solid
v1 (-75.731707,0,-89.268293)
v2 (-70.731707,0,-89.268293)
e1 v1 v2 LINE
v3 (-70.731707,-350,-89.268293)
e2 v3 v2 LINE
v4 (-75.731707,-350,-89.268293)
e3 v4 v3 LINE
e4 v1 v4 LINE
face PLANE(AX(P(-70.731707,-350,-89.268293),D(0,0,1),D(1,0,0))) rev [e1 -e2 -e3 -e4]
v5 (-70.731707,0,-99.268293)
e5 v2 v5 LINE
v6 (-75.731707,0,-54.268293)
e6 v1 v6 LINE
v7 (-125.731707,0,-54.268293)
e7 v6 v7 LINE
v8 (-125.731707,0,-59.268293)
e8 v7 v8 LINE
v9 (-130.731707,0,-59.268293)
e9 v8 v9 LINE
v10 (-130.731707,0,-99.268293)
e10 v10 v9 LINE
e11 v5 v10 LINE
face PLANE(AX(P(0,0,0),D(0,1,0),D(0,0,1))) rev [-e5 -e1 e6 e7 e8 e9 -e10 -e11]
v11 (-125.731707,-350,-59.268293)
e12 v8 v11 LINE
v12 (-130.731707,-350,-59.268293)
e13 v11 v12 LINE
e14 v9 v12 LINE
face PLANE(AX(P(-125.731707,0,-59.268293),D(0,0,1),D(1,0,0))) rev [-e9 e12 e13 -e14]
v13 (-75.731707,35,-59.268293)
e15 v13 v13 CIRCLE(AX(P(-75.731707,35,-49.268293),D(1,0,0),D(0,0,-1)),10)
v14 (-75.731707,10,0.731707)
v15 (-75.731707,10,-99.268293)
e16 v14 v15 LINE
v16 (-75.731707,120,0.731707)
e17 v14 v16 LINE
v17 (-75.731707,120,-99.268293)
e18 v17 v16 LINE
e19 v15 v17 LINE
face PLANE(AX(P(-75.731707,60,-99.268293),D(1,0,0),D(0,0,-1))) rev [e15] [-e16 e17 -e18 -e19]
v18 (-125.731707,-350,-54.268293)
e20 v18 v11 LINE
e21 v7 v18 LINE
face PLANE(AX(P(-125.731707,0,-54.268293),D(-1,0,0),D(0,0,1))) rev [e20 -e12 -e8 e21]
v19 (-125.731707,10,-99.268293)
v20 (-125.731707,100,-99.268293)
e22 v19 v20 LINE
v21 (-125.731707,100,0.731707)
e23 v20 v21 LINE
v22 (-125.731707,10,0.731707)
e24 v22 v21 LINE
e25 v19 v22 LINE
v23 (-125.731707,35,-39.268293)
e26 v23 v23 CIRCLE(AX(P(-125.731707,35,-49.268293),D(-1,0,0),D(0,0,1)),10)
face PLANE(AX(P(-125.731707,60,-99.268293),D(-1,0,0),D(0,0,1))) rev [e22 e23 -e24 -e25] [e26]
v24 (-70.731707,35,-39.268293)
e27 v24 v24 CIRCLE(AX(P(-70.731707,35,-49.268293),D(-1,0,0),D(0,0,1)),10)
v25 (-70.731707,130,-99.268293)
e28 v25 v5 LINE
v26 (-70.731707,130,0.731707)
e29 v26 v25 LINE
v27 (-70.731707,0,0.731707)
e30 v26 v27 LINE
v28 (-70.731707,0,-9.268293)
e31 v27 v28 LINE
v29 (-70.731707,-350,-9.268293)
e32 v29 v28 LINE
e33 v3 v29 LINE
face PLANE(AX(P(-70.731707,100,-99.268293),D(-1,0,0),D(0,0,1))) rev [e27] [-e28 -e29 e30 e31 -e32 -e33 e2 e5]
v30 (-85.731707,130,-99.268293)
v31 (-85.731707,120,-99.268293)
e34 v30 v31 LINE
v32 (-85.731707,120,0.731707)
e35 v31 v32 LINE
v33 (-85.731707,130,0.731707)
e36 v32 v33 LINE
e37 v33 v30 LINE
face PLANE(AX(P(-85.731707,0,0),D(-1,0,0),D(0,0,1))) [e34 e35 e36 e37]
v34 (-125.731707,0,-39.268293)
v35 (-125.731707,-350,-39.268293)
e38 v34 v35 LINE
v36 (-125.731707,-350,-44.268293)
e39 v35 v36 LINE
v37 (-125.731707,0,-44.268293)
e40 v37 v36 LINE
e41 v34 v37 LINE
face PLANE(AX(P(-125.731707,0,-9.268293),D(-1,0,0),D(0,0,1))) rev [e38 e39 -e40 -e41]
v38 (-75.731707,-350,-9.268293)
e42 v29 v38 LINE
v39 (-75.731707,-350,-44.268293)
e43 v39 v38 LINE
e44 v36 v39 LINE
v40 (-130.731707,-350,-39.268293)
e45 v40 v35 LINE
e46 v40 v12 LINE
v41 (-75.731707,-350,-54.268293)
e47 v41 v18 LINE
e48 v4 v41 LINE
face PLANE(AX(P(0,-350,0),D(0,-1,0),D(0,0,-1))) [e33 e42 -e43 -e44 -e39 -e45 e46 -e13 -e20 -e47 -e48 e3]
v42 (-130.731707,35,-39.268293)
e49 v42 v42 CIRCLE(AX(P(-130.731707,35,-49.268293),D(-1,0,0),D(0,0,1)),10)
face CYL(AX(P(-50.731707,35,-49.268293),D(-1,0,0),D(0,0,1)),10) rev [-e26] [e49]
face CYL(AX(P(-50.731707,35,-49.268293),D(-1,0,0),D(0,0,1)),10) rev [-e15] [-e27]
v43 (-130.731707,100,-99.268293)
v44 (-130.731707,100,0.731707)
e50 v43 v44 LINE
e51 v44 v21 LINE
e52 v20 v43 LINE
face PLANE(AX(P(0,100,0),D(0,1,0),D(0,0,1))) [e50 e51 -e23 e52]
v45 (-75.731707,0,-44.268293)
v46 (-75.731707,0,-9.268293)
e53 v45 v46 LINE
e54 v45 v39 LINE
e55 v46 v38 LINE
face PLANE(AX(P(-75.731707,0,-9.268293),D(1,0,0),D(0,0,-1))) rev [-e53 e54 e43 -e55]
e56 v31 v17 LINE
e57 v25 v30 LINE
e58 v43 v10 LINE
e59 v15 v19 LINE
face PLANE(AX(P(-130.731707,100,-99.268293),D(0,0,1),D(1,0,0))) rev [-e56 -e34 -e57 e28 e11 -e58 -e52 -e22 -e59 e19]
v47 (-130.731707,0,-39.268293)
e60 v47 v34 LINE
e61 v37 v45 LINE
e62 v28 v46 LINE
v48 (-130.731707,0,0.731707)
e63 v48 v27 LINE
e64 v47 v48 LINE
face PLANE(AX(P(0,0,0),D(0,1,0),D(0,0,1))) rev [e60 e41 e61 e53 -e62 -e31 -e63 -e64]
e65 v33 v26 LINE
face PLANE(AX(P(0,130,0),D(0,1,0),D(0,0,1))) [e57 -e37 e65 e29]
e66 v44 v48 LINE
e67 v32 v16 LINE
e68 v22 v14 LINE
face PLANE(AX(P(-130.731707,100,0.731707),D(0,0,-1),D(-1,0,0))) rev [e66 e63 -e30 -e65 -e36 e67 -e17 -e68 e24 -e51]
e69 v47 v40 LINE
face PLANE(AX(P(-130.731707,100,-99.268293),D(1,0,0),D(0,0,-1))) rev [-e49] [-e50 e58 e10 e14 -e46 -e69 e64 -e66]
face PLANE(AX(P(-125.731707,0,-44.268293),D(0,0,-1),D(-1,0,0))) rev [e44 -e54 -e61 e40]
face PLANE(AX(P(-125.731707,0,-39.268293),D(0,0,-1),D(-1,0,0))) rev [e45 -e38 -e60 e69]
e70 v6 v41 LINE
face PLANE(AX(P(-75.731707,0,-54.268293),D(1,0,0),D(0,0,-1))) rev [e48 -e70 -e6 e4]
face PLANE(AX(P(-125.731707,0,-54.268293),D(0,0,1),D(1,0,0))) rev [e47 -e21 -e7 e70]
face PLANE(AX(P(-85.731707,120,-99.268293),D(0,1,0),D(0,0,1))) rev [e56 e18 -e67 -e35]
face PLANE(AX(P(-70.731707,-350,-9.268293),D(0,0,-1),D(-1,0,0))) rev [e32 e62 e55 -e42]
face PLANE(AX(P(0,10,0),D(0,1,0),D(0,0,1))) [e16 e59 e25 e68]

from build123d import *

# Parameters (mm, degrees)
SKETCH1_W           = 60
SKETCH1_H           = 100
BOSS_EXTRUDE1_DEPTH = 100
SKETCH2_W           = 50
SKETCH2_H           = 100
CUT_EXTRUDE1_DEPTH  = 40
SKETCH3_W           = 5
SKETCH3_H           = 100
BOSS_EXTRUDE2_DEPTH = 30
SKETCH4_W           = 100
SKETCH4_H           = 10
BOSS_EXTRUDE3_DEPTH = 10
SKETCH5_W           = 60
SKETCH5_H           = 80
BOSS_EXTRUDE4_DEPTH = 350
SKETCH6_W           = 50
SKETCH6_H           = 100
CUT_EXTRUDE2_DEPTH  = 50
SKETCH7_R           = 10
CUT_EXTRUDE3_DEPTH  = 80
SKETCH8_W           = 50
SKETCH8_H           = 35
CUT_EXTRUDE4_DEPTH  = 350
SKETCH9_W           = 5
SKETCH9_H           = 30
CUT_EXTRUDE5_DEPTH  = 350


with BuildPart() as part:
    # Sketch1 → Boss-Extrude1 (new body)
    with BuildSketch(Plane(origin=(0, 0, 0), x_dir=(1, 0, 0), z_dir=(0, 1, 0))):
        with Locations((-100.731707317, 49.268292683)):
            Rectangle(SKETCH1_W, SKETCH1_H)
    extrude(amount=BOSS_EXTRUDE1_DEPTH)

    # Sketch2 → Cut-Extrude1 (cut)
    with BuildSketch(Plane(origin=(0, 100, 0), x_dir=(1, 0, 0), z_dir=(0, 1, 0))):
        with Locations((-100.731707317, 49.268292683)):
            Rectangle(SKETCH2_W, SKETCH2_H)
    extrude(amount=-CUT_EXTRUDE1_DEPTH, mode=Mode.SUBTRACT)

    # Sketch3 → Boss-Extrude2 (add)
    with BuildSketch(Plane(origin=(0, 100, 0), x_dir=(1, 0, 0), z_dir=(0, 1, 0))):
        with Locations((-73.231707317, 49.268292683)):
            Rectangle(SKETCH3_W, SKETCH3_H)
    extrude(amount=BOSS_EXTRUDE2_DEPTH)

    # Sketch4 → Boss-Extrude3 (add)
    with BuildSketch(Plane.ZY.offset(75.731707317)):
        with Locations((-49.268292683, 125)):
            Rectangle(SKETCH4_W, SKETCH4_H)
    extrude(amount=BOSS_EXTRUDE3_DEPTH)

    # Sketch5 → Boss-Extrude4 (add)
    with BuildSketch(Plane(origin=(0, 0, 0), x_dir=(-1, 0, 0), z_dir=(0, -1, 0))):
        with Locations((100.731707317, 49.268292683)):
            Rectangle(SKETCH5_W, SKETCH5_H)
    extrude(amount=BOSS_EXTRUDE4_DEPTH)

    # Sketch6 → Cut-Extrude2 (cut)
    with BuildSketch(Plane(origin=(0, 60, 0), x_dir=(1, 0, 0), z_dir=(0, 1, 0))):
        with Locations((-100.731707317, 49.268292683)):
            Rectangle(SKETCH6_W, SKETCH6_H)
    extrude(amount=-CUT_EXTRUDE2_DEPTH, mode=Mode.SUBTRACT)

    # Sketch7 → Cut-Extrude3 (cut)
    with BuildSketch(Plane.ZY.offset(130.731707317)):
        with Locations((-49.268292683, 35)):
            Circle(SKETCH7_R)
    extrude(amount=-CUT_EXTRUDE3_DEPTH, mode=Mode.SUBTRACT)

    # Sketch8 → Cut-Extrude4 (cut)
    with BuildSketch(Plane(origin=(0, -350, 0), x_dir=(-1, 0, 0), z_dir=(0, -1, 0))):
        with Locations((100.731707317, 26.768292683)):
            Rectangle(SKETCH8_W, SKETCH8_H)
        with Locations((100.731707317, 71.768292683)):
            Rectangle(SKETCH8_W, SKETCH8_H)
    extrude(amount=-CUT_EXTRUDE4_DEPTH, mode=Mode.SUBTRACT)

    # Sketch9 → Cut-Extrude5 (cut)
    with BuildSketch(Plane(origin=(0, -350, 0), x_dir=(-1, 0, 0), z_dir=(0, -1, 0))):
        with Locations((128.231707317, 74.268292683)):
            Rectangle(SKETCH9_W, SKETCH9_H)
        with Locations((128.231707317, 24.268292683)):
            Rectangle(SKETCH9_W, SKETCH9_H)
    extrude(amount=-CUT_EXTRUDE5_DEPTH, mode=Mode.SUBTRACT)


solid = part.part
